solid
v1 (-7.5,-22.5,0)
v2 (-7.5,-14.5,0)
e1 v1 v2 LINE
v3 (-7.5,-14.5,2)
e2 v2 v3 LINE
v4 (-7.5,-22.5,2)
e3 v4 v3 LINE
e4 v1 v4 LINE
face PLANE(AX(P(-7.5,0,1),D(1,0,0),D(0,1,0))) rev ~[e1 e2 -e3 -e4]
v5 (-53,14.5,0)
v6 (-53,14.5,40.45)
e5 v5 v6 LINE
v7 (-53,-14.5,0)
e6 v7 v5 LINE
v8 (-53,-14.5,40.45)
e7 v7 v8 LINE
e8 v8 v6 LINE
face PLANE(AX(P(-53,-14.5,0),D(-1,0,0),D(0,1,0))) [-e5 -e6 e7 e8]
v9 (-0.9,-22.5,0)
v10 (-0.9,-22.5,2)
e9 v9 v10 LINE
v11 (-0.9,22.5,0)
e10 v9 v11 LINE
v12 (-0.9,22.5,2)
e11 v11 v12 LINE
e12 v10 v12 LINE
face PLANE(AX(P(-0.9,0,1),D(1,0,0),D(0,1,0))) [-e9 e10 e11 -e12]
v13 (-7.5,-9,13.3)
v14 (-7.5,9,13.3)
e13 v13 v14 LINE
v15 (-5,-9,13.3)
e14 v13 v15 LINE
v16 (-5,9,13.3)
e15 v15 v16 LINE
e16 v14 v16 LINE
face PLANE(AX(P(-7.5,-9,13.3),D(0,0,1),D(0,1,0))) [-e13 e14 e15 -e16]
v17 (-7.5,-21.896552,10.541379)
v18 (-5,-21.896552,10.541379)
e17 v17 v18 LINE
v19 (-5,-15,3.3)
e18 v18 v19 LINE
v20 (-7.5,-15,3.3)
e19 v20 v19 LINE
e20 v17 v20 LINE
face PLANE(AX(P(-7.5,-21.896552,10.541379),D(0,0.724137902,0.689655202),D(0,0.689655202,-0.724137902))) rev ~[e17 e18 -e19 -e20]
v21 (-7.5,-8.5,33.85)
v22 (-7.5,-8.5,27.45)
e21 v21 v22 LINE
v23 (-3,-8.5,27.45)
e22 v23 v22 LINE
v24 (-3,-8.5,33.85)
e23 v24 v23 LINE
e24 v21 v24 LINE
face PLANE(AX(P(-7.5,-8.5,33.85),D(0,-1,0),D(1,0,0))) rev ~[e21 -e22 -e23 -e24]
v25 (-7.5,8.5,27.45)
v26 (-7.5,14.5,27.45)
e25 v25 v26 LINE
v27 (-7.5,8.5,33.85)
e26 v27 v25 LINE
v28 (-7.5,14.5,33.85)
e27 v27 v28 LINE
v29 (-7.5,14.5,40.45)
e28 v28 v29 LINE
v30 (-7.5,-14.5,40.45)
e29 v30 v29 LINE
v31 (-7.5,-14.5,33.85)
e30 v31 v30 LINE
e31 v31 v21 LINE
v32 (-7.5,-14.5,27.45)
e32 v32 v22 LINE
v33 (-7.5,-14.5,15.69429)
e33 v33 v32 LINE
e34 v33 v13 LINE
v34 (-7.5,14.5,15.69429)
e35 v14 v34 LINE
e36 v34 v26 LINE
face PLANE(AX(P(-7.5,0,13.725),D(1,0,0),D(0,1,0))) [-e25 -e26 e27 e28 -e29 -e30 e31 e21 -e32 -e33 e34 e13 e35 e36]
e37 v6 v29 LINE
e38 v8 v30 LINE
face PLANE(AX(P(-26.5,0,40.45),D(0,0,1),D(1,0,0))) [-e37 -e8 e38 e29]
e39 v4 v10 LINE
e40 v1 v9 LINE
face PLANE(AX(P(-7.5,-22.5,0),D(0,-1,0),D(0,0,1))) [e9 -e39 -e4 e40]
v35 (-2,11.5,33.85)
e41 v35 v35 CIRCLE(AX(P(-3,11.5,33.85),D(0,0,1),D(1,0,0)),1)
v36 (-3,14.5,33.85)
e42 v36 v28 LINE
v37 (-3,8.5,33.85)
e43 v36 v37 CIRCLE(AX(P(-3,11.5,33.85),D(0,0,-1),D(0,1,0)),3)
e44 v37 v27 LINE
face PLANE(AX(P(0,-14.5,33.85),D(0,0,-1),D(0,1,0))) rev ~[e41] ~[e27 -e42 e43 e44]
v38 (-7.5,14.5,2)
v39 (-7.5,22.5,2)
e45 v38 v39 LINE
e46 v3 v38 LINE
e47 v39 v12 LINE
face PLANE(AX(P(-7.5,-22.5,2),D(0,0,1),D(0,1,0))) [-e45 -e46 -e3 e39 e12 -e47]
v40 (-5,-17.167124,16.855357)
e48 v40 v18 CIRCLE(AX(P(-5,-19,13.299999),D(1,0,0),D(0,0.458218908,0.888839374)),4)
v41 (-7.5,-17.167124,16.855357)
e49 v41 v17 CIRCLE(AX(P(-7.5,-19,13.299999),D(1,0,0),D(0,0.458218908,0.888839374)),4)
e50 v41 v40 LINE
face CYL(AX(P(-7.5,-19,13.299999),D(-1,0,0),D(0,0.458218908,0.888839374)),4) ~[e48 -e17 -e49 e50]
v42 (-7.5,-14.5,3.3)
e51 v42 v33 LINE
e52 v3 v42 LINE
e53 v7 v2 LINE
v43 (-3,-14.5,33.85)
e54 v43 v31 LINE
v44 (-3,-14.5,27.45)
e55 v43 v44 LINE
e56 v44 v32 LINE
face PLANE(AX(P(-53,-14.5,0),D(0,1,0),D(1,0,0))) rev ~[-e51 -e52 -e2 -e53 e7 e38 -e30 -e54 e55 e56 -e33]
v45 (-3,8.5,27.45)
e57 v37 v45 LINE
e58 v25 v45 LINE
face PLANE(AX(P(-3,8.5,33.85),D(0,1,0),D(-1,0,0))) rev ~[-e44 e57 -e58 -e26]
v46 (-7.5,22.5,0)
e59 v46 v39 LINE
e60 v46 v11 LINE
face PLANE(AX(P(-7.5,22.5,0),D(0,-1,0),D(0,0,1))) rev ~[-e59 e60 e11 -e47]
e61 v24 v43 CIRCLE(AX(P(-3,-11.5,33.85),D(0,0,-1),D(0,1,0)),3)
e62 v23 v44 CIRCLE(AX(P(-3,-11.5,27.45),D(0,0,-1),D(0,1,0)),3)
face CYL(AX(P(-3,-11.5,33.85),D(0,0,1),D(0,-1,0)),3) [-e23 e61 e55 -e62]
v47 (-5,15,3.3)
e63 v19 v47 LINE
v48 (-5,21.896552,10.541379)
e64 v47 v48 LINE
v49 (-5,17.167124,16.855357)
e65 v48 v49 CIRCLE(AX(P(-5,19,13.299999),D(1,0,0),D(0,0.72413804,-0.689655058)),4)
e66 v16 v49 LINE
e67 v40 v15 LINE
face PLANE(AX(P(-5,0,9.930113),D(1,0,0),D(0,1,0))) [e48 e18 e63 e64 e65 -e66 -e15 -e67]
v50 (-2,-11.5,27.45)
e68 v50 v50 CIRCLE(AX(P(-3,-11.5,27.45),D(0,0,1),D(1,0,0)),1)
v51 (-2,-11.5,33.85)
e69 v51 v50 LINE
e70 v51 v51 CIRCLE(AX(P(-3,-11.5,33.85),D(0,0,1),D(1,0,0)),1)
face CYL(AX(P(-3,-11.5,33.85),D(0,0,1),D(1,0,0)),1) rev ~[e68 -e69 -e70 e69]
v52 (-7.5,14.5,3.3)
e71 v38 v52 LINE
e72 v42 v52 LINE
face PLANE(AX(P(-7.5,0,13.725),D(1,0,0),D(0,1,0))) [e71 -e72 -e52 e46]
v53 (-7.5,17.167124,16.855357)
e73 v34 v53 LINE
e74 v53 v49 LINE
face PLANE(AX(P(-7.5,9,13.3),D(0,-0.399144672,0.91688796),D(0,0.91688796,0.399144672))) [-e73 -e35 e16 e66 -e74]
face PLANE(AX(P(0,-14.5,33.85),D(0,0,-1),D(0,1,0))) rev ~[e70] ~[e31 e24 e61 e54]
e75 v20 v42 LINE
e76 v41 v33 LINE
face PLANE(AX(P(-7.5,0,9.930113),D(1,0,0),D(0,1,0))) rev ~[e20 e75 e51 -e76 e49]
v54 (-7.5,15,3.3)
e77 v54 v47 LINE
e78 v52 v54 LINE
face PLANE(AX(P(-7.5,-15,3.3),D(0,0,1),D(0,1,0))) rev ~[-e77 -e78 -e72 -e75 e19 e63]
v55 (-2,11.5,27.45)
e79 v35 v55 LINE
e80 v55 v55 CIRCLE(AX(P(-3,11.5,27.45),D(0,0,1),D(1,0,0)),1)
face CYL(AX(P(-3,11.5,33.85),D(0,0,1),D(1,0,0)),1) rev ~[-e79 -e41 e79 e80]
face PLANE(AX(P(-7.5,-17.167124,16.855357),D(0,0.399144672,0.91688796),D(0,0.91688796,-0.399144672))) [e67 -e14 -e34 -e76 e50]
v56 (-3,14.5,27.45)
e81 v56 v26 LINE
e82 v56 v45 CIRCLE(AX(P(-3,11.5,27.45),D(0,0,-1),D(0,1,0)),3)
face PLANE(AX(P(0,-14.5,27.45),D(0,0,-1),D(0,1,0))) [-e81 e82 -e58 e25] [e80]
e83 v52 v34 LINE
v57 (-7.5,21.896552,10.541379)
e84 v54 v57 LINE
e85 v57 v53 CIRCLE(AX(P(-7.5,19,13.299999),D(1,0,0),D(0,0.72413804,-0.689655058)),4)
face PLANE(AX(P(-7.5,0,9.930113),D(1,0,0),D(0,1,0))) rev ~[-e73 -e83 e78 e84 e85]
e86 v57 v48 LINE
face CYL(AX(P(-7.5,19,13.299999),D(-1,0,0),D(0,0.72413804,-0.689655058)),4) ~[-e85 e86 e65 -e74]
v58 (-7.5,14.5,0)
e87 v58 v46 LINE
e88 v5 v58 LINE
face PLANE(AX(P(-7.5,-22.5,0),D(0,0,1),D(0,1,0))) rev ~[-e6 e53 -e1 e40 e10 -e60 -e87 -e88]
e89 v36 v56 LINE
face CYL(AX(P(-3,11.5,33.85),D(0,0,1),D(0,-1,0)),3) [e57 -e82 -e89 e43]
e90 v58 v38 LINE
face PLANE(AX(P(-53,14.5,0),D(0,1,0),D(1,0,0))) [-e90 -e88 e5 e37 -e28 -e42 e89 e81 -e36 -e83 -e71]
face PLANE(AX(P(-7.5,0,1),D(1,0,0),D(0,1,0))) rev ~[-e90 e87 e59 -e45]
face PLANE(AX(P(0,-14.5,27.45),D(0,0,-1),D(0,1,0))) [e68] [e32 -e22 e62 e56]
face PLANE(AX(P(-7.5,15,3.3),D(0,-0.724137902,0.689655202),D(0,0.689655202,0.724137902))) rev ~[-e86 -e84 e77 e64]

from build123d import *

# Parameters (mm, degrees)
SKETCH_W        = 53
SKETCH_H        = 29
PAD_DEPTH       = 40.45
SKETCH001_W     = 29
SKETCH001_H     = 6.6
SKETCH001_H_2   = 27.45
POCKET_DEPTH    = 7.5
SKETCH002_R     = 1
POCKET001_DEPTH = 6.5
PAD001_DEPTH    = 2.5
SKETCH004_W     = 45
SKETCH004_H     = 2
PAD002_DEPTH    = 6.6


with BuildPart() as part:
    # Sketch → Pad (new body)
    with BuildSketch(Plane.XY):
        with Locations((-26.5, 0)):
            Rectangle(SKETCH_W, SKETCH_H)
    extrude(amount=PAD_DEPTH)

    # Sketch001 → Pocket (cut)
    with BuildSketch(Plane.YZ):
        with Locations((0, 37.15)):
            Rectangle(SKETCH001_W, SKETCH001_H)
        with Locations((0, 13.725)):
            Rectangle(SKETCH001_W, SKETCH001_H_2)
    extrude(amount=-POCKET_DEPTH, mode=Mode.SUBTRACT)

    # Sketch002 → Pocket001 (cut)
    with BuildSketch(Plane.XY.offset(33.85)):
        with Locations((-3, -11.5)):
            Circle(SKETCH002_R)
        with Locations((-3, 11.5)):
            Circle(SKETCH002_R)
        with BuildLine():
            Line((-3, 8.5), (-7.5, 8.5))
            Line((-7.5, 8.5), (-7.5, -8.5))
            Line((-7.5, -8.5), (-3, -8.5))
            ThreePointArc((-3, -14.5), (0, -11.5), (-3, -8.5))
            Line((-3, -14.5), (2, -14.5))
            Line((2, -14.5), (2, 14.5))
            Line((2, 14.5), (-3, 14.5))
            ThreePointArc((-3, 8.5), (0, 11.5), (-3, 14.5))
        make_face()
    extrude(amount=-POCKET001_DEPTH, mode=Mode.SUBTRACT)

    # Sketch003 → Pad001 (new body)
    with BuildSketch(Plane.YZ.offset(-7.5)):
        with BuildLine():
            Line((-21.896552, 10.541379), (-15, 3.3))
            Line((-15, 3.3), (15, 3.3))
            Line((15, 3.3), (21.896552, 10.541379))
            ThreePointArc((21.896552, 10.541379), (22.201473, 15.698034), (17.167124, 16.855357))
            Line((9, 13.3), (17.167124, 16.855357))
            Line((-9, 13.3), (9, 13.3))
            Line((-17.167124, 16.855357), (-9, 13.3))
            ThreePointArc((-17.167124, 16.855357), (-22.201473, 15.698034), (-21.896552, 10.541379))
        make_face()
    extrude(amount=PAD001_DEPTH)

    # Sketch004 → Pad002 (new body)
    with BuildSketch(Plane.YZ.offset(-7.5)):
        with Locations((0, 1)):
            Rectangle(SKETCH004_W, SKETCH004_H)
    extrude(amount=PAD002_DEPTH)


solid = part.part
